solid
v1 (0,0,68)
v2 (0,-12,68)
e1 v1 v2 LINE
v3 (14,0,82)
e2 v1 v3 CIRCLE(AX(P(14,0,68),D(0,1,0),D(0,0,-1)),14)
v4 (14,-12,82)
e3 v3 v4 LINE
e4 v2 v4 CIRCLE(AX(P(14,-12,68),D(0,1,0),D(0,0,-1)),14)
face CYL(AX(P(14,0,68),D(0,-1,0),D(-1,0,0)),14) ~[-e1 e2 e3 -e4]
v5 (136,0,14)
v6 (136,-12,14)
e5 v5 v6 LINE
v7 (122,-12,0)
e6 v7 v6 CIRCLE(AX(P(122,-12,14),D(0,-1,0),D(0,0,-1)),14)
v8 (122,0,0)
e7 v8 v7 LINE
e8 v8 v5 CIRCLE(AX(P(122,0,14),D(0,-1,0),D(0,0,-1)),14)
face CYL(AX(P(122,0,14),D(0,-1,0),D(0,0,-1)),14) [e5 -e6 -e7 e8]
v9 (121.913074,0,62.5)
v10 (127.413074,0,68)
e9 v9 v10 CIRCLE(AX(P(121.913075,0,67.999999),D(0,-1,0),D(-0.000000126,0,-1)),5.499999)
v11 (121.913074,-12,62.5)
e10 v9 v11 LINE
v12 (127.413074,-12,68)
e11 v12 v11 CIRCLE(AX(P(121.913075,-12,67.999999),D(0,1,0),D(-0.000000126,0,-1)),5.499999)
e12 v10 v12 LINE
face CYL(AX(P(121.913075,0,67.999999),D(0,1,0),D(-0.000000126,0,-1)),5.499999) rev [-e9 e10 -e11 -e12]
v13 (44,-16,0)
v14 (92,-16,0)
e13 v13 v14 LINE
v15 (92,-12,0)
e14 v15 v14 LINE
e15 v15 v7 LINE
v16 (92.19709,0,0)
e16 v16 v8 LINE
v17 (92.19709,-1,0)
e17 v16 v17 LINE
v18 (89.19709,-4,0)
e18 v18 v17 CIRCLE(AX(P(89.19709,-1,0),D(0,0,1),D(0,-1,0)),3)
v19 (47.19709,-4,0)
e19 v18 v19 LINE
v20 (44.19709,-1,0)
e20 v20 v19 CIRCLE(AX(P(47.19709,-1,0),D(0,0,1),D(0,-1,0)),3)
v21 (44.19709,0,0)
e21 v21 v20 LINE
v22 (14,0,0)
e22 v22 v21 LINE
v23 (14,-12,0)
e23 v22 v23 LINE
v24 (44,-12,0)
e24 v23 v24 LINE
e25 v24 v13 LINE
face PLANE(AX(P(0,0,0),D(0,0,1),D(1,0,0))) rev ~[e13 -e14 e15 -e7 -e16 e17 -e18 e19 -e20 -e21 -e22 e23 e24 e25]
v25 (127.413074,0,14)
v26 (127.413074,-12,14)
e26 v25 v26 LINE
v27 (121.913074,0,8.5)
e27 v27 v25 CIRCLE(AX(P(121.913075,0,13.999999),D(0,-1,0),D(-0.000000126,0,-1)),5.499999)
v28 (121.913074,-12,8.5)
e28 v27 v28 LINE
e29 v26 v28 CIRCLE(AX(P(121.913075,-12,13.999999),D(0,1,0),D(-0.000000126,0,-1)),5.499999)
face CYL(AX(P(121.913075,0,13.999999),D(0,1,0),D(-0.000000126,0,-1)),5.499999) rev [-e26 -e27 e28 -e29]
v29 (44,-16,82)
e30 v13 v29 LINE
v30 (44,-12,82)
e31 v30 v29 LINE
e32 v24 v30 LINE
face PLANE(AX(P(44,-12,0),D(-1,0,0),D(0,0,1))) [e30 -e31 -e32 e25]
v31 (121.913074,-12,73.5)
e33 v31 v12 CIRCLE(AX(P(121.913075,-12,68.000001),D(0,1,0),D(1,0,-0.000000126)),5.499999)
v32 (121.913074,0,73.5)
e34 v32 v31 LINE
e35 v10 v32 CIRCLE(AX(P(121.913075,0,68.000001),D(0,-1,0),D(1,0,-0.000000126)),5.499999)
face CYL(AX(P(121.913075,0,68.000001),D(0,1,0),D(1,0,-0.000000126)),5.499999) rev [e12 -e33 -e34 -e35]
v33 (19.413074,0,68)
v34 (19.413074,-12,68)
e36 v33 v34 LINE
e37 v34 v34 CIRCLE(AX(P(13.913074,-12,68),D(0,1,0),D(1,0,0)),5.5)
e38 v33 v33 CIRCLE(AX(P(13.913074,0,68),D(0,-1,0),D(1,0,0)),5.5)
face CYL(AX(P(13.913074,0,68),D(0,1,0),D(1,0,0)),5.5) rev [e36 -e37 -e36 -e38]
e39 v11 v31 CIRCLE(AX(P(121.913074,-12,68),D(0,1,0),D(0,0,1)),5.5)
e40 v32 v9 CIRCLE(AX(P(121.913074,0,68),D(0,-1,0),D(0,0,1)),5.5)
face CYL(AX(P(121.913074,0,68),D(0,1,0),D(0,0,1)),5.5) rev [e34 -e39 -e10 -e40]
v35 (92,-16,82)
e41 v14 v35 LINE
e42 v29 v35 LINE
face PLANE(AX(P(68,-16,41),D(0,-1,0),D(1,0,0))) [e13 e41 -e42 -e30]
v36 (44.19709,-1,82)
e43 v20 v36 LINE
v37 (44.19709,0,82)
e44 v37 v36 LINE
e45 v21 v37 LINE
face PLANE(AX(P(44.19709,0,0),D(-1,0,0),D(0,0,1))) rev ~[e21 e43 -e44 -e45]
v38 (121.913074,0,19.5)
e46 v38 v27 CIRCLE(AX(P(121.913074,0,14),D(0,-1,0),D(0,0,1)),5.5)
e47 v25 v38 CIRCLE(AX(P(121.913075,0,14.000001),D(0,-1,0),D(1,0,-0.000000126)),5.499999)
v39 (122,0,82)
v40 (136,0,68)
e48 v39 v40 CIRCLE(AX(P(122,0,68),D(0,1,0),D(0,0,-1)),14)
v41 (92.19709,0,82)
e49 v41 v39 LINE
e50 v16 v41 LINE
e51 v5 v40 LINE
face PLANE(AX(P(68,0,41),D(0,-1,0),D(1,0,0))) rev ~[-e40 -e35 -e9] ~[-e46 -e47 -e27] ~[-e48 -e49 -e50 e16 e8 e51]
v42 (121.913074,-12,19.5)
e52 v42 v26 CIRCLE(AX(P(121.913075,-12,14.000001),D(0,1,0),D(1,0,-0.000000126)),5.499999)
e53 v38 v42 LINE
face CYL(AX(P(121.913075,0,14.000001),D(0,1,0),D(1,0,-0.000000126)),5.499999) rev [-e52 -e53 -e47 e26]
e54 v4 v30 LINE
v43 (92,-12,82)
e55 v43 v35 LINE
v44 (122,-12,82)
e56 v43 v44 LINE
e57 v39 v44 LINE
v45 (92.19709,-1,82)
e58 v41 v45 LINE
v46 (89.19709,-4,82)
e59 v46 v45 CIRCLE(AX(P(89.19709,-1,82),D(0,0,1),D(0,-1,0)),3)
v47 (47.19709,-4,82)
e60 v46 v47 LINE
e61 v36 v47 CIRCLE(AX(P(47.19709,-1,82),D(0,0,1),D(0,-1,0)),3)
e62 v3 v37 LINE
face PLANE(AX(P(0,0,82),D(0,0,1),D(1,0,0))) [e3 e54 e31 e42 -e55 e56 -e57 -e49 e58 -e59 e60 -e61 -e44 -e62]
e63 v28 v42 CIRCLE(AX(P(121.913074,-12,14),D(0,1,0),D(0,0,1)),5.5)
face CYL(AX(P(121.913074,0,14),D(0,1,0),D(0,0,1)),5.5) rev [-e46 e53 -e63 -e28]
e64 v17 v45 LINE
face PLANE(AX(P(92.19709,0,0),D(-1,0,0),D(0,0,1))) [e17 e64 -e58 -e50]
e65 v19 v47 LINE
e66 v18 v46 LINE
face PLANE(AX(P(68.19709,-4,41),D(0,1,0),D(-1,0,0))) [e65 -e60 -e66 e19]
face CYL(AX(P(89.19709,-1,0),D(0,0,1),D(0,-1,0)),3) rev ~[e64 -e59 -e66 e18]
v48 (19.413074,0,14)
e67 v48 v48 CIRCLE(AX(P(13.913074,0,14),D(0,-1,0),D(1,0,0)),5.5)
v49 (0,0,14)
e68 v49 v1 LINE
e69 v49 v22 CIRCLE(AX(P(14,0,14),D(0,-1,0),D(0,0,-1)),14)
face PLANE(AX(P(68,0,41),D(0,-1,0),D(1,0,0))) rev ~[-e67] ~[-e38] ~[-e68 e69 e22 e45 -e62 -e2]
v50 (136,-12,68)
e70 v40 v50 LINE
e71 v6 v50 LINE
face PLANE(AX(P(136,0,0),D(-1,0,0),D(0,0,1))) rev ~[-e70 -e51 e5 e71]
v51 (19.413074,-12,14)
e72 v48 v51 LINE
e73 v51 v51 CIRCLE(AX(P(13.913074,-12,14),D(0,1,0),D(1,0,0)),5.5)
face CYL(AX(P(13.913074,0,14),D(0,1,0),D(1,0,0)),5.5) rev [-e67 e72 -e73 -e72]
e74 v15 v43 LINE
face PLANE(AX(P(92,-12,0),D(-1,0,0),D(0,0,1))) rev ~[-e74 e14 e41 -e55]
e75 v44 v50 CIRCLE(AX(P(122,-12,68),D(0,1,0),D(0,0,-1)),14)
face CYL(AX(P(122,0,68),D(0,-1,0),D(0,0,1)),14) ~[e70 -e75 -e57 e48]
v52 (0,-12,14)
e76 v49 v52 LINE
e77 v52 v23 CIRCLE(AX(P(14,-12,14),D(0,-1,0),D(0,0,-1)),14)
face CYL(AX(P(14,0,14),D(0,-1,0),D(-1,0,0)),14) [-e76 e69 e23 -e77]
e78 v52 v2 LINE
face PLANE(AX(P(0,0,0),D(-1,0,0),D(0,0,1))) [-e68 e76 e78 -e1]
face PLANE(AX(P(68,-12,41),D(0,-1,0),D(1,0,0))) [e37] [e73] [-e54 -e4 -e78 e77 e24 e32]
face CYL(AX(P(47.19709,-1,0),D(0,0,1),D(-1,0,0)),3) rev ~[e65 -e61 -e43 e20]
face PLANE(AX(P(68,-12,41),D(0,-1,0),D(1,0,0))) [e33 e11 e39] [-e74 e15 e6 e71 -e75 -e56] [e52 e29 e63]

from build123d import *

# Parameters (mm, degrees)
F0_W     = 136
F0_H     = 82
F1_DEPTH = 12
F2_W     = 48
F2_H     = 82
F3_DEPTH = 4
F4_W     = 48
F4_H     = 82
F5_DEPTH = 4
F6_R     = 14
F7_R     = 5.5
F8_DEPTH = 16.001
F9_R     = 3


with BuildPart() as f1:
    # F0 (on Front) → F1 (new body)
    with BuildSketch(Plane.XZ):
        with Locations((68, 41)):
            Rectangle(F0_W, F0_H)
    extrude(amount=F1_DEPTH)

    # F2 (on face) → F3 (join)
    with BuildSketch(Plane.XZ.offset(12)):
        with Locations((68, 41)):
            Rectangle(F2_W, F2_H)
    extrude(amount=F3_DEPTH)

    # F4 (on face) → F5 (cut)
    with BuildSketch(Plane(origin=(0, 0, 0), x_dir=(-1, 0, 0), z_dir=(0, 1, 0))):
        with Locations((-68.19709, 41)):
            Rectangle(F4_W, F4_H)
    extrude(amount=-F5_DEPTH, mode=Mode.SUBTRACT)

    # F6
    f6_edges = [f1.edges().sort_by_distance(p)[0] for p in [
        (136, -6, 82),
        (0, -6, 82),
        (136, -6, 0),
        (0, -6, 0),
    ]]
    fillet(f6_edges, radius=F6_R)

    # F7 (on Front) → F8 (cut, through all)
    with BuildSketch(Plane.XZ):
        with BuildLine():
            Line((121.913074, 62.5), (121.913074, 73.5))
            ThreePointArc((121.913074, 73.5), (116.413074, 68), (121.913074, 62.5))
        make_face()
        with BuildLine():
            ThreePointArc((127.413074, 68), (125.802162, 71.889087), (121.913074, 73.5))
            Line((121.913074, 73.5), (121.913074, 62.5))
            ThreePointArc((121.913074, 62.5), (125.802162, 64.110913), (127.413074, 68))
        make_face()
        with BuildLine():
            ThreePointArc((127.413074, 14), (125.802162, 17.889087), (121.913074, 19.5))
            Line((121.913074, 19.5), (121.913074, 8.5))
            ThreePointArc((121.913074, 8.5), (125.802162, 10.110913), (127.413074, 14))
        make_face()
        with BuildLine():
            Line((121.913074, 8.5), (121.913074, 19.5))
            ThreePointArc((121.913074, 19.5), (116.413074, 14), (121.913074, 8.5))
        make_face()
        with Locations((13.913074, 14)):
            Circle(F7_R)
        with Locations((13.913074, 68)):
            Circle(F7_R)
    extrude(amount=F8_DEPTH, mode=Mode.SUBTRACT)

    # F9
    f9_edges = [f1.edges().sort_by_distance(p)[0] for p in [
        (92.19709, -4, 41),
        (44.19709, -4, 41),
    ]]
    fillet(f9_edges, radius=F9_R)


solid = f1.part
